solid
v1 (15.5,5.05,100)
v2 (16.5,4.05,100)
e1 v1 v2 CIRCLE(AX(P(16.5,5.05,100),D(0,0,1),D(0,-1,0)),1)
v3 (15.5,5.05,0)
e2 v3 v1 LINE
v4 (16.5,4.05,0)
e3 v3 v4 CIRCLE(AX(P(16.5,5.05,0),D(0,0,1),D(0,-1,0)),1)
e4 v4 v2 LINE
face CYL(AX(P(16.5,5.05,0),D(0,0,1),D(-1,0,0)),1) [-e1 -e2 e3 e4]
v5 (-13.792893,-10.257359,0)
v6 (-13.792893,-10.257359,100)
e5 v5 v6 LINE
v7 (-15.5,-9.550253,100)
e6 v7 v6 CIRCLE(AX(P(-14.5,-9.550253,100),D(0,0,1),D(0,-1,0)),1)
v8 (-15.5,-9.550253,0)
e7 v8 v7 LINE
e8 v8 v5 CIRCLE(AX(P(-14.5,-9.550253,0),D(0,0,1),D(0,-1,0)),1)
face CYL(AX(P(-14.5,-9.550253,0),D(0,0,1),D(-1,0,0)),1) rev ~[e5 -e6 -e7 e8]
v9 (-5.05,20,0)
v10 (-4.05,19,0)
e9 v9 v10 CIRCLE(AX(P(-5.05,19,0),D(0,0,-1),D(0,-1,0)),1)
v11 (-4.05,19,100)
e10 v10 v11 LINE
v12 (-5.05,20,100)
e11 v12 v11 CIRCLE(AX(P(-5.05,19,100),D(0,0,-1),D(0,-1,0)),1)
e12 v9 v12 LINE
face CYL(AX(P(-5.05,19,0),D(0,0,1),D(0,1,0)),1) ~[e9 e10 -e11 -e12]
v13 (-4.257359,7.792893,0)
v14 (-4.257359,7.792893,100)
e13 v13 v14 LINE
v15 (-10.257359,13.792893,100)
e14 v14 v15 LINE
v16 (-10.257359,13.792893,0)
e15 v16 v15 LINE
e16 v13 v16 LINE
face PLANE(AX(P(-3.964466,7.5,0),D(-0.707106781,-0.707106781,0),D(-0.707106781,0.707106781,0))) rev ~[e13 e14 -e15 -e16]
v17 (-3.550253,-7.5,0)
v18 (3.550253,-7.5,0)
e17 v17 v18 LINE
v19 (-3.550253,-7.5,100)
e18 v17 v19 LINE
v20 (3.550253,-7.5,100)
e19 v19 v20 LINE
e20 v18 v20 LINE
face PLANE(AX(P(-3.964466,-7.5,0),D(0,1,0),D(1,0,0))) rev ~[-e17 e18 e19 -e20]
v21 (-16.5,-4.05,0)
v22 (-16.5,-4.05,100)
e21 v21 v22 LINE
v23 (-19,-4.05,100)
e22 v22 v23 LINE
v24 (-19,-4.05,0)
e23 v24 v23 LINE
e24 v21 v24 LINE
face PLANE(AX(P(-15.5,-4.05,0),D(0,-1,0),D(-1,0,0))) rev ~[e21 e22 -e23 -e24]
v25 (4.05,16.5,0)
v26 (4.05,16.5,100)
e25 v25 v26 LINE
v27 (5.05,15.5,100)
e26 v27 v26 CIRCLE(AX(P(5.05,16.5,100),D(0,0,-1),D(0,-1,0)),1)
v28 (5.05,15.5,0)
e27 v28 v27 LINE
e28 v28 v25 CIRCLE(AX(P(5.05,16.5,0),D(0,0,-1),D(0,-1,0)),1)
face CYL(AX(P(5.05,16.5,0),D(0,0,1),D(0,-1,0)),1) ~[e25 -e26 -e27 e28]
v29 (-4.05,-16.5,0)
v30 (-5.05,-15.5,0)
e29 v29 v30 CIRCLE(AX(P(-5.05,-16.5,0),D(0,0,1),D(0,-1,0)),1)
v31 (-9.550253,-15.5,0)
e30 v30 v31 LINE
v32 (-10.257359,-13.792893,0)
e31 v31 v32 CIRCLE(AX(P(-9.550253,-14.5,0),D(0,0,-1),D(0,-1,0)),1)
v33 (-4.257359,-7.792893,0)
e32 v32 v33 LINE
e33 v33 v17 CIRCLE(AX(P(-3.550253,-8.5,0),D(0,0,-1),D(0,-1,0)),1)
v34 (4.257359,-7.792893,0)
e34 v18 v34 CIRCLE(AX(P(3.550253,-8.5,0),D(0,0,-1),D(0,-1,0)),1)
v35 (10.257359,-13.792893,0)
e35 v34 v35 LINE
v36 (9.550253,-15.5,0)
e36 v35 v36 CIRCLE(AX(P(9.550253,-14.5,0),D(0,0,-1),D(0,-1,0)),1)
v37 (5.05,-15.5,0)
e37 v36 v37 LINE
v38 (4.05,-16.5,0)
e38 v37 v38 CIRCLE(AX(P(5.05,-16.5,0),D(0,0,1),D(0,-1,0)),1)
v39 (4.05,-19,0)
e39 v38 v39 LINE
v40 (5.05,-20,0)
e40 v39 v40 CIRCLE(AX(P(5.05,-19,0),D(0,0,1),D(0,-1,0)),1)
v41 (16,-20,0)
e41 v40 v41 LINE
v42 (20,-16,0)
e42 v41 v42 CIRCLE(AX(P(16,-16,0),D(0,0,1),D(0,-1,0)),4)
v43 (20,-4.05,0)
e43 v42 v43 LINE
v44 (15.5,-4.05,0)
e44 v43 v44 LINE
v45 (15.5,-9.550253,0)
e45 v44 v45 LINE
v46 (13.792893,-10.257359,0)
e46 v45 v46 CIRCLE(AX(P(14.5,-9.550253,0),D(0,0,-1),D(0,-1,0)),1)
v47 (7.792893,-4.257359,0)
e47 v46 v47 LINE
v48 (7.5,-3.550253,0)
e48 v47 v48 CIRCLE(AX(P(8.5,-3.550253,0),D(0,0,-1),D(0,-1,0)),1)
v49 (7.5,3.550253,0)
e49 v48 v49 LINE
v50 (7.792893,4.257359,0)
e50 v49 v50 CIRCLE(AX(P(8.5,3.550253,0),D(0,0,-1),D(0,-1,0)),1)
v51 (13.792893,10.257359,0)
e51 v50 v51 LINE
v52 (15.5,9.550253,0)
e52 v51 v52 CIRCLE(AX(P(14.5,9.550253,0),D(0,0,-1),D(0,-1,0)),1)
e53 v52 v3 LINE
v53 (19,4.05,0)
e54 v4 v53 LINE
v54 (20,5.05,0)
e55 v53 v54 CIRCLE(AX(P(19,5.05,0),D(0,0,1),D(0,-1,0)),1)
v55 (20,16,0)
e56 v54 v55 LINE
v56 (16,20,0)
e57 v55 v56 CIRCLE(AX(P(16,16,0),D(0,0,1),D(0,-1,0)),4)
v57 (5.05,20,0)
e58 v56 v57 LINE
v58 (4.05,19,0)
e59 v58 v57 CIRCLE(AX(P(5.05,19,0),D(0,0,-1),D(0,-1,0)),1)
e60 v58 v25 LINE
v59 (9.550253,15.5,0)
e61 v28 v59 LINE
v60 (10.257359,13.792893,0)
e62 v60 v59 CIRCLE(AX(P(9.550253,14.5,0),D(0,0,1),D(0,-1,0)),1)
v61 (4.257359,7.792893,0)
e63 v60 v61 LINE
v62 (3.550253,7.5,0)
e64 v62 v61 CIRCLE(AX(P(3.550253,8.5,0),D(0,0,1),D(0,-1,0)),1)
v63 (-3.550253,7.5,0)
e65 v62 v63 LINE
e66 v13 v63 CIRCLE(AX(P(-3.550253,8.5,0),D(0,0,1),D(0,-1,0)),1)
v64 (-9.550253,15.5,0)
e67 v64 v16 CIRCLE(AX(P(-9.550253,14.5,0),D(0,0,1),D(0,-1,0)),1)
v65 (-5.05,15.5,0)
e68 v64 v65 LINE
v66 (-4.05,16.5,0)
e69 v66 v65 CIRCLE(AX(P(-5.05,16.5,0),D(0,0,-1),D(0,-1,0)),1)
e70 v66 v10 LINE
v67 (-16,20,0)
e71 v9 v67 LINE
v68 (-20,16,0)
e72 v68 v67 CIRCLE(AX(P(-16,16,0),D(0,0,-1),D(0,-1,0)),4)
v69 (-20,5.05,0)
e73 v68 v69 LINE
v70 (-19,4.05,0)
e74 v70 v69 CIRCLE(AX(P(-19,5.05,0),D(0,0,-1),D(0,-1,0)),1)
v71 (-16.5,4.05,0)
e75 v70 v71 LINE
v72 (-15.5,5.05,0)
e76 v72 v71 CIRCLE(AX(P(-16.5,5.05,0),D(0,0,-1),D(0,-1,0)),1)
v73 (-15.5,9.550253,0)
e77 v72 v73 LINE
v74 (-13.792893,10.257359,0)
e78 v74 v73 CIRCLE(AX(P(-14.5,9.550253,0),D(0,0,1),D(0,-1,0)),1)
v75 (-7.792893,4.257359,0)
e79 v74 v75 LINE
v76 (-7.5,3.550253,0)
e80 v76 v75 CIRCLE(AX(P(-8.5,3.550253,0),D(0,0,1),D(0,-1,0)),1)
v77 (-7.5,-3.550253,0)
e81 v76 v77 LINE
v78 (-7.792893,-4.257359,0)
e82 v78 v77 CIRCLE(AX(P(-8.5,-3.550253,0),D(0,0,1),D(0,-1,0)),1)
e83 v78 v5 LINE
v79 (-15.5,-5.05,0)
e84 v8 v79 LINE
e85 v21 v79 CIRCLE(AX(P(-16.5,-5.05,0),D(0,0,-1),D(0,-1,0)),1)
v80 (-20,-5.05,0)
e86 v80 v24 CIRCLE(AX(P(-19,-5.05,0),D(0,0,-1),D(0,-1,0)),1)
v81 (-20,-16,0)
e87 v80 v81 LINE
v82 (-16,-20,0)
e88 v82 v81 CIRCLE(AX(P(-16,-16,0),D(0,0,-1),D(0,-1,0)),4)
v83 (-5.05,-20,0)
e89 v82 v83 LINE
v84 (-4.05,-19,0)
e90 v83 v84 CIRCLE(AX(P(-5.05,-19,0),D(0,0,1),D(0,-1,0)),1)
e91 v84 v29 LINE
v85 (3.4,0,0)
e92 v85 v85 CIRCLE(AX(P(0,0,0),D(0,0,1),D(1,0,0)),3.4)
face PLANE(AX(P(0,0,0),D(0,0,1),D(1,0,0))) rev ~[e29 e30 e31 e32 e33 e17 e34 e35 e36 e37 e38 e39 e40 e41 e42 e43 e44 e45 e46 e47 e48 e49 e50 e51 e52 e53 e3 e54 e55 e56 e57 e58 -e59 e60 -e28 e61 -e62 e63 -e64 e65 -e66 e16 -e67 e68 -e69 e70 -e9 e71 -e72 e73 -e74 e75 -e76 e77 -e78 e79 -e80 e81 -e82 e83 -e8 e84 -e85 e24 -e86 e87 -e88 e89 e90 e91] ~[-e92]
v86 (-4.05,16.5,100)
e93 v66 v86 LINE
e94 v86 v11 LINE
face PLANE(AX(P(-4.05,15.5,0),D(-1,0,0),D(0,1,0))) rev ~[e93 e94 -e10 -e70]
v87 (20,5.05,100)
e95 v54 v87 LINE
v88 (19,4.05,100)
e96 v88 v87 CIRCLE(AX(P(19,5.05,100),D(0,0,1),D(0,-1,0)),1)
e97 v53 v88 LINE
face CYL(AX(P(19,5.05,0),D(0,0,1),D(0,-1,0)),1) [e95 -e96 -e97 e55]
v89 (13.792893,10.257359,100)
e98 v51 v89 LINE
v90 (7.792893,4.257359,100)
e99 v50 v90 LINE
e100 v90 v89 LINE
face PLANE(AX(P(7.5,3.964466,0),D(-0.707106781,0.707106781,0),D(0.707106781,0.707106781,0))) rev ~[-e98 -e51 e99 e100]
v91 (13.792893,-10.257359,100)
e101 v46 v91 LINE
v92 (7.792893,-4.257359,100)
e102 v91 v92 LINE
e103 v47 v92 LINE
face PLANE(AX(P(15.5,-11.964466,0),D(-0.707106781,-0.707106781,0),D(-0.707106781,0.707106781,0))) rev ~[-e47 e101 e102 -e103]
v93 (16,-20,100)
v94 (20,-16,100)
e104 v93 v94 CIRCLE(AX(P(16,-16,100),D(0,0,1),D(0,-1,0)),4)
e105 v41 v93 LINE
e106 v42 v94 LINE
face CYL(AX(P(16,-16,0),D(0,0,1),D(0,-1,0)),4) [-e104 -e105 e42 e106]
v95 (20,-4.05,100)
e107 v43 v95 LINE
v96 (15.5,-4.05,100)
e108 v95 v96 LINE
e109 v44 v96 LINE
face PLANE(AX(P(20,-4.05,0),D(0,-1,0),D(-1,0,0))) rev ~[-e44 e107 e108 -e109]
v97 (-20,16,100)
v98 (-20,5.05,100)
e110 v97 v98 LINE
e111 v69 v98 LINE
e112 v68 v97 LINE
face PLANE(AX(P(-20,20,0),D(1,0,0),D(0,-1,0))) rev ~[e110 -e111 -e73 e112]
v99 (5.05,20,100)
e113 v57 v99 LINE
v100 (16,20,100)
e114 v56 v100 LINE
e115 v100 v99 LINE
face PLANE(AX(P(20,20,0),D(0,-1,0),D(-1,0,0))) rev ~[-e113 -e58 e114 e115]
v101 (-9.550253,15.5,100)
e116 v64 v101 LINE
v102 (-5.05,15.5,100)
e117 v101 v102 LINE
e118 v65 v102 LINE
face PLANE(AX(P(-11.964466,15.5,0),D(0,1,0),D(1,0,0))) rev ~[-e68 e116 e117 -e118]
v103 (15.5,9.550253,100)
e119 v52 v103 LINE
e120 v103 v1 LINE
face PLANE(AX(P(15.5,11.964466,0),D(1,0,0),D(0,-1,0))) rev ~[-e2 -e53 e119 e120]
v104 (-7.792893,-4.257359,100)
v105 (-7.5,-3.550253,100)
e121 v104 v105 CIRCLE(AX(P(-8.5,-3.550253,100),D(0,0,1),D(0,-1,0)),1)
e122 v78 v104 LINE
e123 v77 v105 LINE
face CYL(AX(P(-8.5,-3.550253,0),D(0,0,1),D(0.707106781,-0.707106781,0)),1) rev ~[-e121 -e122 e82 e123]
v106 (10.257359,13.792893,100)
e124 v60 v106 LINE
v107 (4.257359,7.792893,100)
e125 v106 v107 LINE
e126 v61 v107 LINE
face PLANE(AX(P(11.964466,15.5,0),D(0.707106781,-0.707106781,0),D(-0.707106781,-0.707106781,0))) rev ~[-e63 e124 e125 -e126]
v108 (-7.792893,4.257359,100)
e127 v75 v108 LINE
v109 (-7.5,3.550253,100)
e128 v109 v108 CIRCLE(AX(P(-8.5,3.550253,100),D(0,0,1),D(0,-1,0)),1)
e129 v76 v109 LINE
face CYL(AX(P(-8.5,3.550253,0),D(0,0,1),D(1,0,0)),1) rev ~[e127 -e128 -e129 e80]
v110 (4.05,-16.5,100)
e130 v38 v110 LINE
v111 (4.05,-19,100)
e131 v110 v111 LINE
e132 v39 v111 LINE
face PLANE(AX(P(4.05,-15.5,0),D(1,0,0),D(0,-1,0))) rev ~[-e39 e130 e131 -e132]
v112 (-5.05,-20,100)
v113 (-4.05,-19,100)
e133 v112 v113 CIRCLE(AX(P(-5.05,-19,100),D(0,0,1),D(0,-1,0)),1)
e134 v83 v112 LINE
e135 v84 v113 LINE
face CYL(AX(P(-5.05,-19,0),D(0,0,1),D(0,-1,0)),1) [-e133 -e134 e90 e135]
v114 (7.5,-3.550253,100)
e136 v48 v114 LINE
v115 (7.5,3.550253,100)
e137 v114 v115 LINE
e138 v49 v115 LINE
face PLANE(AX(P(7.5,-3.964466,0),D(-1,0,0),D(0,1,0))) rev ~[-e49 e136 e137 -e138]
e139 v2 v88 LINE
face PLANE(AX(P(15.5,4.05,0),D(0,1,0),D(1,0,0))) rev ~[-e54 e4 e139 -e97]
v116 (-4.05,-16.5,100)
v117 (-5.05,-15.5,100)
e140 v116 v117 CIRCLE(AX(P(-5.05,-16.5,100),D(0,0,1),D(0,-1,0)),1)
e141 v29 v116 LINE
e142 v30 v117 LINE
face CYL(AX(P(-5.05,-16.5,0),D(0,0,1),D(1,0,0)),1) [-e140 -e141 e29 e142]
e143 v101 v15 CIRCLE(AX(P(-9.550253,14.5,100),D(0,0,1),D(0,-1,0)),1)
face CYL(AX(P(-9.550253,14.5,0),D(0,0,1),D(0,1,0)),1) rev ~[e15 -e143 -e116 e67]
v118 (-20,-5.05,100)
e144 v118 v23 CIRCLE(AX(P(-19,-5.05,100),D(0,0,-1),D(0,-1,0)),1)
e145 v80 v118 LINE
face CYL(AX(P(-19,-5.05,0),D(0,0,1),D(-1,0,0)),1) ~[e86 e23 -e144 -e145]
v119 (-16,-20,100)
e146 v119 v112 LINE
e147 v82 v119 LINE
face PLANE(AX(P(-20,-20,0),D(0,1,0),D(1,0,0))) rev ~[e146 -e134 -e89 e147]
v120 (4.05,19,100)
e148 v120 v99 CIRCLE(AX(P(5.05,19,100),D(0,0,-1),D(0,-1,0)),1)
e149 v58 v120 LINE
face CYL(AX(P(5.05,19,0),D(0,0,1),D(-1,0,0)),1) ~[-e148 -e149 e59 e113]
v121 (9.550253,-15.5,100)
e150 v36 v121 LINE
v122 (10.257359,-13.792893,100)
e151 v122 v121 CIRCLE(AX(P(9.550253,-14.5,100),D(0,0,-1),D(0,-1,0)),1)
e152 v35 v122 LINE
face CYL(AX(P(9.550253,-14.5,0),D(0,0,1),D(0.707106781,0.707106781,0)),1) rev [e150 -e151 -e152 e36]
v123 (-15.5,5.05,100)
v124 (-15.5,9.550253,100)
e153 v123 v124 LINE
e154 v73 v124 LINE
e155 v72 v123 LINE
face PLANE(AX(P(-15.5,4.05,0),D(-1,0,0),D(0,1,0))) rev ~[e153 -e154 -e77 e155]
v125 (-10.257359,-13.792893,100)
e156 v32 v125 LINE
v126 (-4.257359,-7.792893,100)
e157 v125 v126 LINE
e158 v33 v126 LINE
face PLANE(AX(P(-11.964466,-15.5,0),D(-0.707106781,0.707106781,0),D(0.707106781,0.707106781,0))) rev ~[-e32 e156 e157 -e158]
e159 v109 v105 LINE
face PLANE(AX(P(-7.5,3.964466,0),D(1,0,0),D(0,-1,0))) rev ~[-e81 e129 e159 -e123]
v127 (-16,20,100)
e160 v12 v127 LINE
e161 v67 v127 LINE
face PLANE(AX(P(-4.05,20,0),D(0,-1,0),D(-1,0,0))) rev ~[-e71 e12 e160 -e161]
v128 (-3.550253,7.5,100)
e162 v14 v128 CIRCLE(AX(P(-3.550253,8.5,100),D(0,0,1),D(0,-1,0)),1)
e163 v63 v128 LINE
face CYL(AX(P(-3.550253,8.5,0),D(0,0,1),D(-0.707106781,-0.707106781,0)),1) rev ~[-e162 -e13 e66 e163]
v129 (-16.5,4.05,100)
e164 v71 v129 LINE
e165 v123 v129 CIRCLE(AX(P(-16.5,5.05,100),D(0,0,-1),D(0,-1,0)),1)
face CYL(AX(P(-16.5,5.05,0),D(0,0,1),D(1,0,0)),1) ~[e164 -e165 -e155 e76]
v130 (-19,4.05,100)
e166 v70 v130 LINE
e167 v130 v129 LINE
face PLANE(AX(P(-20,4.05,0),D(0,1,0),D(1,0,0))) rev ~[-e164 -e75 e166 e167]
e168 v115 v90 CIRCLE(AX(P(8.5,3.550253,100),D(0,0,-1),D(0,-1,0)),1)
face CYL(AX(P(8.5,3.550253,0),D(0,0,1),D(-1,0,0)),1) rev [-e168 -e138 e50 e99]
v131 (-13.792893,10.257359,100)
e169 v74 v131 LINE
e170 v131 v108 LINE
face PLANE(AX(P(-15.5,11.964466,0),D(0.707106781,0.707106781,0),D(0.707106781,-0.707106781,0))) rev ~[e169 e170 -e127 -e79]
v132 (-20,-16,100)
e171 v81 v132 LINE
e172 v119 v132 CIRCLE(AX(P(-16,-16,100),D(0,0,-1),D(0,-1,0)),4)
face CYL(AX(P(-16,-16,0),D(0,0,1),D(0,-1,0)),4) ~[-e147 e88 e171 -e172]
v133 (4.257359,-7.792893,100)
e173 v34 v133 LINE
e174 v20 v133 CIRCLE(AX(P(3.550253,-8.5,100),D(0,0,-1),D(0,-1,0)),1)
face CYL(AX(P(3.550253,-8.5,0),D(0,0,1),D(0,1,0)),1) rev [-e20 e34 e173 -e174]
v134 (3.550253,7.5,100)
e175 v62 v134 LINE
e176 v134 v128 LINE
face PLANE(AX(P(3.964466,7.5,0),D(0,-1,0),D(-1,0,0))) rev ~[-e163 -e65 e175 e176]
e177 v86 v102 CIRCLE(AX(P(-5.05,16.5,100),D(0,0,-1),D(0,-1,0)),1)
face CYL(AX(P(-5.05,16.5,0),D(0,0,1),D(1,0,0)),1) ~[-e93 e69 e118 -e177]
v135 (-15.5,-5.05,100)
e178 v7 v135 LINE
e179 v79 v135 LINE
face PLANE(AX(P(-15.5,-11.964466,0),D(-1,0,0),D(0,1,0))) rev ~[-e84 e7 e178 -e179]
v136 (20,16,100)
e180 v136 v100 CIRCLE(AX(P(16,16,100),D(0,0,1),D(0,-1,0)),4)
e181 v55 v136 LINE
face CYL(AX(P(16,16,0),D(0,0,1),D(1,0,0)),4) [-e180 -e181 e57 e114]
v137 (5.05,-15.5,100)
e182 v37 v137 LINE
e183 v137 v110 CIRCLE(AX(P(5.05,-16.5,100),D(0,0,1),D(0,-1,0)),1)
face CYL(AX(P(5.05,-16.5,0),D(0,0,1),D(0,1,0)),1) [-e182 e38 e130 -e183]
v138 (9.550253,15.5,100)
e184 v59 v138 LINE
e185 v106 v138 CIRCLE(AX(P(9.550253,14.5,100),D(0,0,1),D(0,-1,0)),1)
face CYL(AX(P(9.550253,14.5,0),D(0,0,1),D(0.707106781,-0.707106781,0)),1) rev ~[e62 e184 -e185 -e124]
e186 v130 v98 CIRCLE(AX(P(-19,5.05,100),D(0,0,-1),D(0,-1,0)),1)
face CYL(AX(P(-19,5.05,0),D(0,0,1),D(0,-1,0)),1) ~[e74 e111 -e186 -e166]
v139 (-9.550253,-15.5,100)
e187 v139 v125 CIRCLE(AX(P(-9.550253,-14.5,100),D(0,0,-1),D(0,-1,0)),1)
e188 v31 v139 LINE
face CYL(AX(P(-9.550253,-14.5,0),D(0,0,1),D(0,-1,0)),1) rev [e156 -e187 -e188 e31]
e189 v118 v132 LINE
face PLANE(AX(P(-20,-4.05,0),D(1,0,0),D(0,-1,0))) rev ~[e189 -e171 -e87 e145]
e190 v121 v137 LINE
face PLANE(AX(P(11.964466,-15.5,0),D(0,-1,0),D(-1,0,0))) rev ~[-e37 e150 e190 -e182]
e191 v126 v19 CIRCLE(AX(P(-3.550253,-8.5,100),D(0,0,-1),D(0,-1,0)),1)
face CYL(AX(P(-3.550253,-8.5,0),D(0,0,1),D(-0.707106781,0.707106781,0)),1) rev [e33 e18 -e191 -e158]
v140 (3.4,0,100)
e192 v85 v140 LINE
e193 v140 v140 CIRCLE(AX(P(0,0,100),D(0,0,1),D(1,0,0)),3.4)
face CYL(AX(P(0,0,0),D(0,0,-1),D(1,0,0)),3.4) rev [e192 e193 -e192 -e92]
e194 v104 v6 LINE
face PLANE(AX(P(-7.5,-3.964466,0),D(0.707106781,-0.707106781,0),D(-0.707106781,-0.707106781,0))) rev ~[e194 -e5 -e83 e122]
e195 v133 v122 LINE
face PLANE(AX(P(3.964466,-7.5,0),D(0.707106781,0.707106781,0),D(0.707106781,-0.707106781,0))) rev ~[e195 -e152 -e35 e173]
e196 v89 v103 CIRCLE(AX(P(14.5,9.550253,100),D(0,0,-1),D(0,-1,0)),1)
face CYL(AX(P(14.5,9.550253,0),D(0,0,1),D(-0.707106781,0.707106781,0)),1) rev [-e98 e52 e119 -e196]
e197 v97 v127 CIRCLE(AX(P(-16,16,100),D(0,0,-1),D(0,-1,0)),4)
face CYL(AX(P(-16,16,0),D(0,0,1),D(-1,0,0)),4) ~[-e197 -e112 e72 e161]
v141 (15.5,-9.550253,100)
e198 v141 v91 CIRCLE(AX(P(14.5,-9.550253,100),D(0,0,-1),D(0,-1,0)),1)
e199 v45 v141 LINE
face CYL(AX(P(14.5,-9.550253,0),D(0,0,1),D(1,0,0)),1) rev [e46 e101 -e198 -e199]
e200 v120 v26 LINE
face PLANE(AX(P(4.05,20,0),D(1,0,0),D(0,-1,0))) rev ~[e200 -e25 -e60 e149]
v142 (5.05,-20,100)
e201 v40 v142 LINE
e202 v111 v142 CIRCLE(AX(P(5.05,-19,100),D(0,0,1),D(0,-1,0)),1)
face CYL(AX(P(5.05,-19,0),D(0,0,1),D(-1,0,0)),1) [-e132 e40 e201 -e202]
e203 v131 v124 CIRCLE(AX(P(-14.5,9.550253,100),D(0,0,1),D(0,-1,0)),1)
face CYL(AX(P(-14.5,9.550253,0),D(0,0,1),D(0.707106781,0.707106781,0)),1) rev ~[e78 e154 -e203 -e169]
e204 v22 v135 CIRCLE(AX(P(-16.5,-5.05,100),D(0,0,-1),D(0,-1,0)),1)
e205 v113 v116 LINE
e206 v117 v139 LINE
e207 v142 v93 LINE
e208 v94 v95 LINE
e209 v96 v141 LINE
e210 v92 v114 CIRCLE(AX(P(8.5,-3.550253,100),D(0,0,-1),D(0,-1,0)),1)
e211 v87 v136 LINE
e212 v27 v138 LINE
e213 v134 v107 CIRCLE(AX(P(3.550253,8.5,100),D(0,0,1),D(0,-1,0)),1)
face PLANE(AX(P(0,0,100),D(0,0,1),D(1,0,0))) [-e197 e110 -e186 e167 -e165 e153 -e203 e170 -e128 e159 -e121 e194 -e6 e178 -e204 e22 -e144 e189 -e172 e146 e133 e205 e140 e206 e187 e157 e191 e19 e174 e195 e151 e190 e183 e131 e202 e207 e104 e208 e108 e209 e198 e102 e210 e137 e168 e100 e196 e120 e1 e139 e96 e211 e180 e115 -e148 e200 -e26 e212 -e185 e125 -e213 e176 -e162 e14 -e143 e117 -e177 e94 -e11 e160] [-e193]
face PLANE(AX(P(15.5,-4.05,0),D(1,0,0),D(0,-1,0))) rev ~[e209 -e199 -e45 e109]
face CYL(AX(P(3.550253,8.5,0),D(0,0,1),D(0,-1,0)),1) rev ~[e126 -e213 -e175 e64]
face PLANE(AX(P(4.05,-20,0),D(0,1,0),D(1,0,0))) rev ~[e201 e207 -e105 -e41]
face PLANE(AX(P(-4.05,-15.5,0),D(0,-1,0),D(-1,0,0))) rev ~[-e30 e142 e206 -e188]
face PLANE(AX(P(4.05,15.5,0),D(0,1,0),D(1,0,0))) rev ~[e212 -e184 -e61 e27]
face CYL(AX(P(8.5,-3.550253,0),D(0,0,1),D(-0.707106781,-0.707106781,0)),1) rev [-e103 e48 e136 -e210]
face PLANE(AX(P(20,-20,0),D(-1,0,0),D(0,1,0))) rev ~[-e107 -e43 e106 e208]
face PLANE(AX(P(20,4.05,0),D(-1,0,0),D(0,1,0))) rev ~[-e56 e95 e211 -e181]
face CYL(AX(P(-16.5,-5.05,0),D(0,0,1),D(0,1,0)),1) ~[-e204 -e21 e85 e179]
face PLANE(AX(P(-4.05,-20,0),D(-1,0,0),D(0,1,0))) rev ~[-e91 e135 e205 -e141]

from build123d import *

# Parameters (mm, degrees)
SKIZZE1_R                       = 3.4
AUFSATZ_LINEAR_AUSTRAGEN1_DEPTH = 100
VERRUNDUNG1_R                   = 4
VERRUNDUNG2_R                   = 1


with BuildPart() as part:
    # Skizze1 → Aufsatz-Linear austragen1 (new body)
    with BuildSketch(Plane.XY):
        Polygon((-20, -20), (-4.05, -20), (-4.05, -15.5), (-11.964466094, -15.5), (-3.964466094, -7.5), (3.964466094, -7.5), (11.964466094, -15.5), (4.05, -15.5), (4.05, -20), (20, -20), (20, -4.05), (15.5, -4.05), (15.5, -11.964466094), (7.5, -3.964466094), (7.5, 3.964466094), (15.5, 11.964466094), (15.5, 4.05), (20, 4.05), (20, 20), (4.05, 20), (4.05, 15.5), (11.964466094, 15.5), (3.964466094, 7.5), (-3.964466094, 7.5), (-11.964466094, 15.5), (-4.05, 15.5), (-4.05, 20), (-20, 20), (-20, 4.05), (-15.5, 4.05), (-15.5, 11.964466094), (-7.5, 3.964466094), (-7.5, -3.964466094), (-15.5, -11.964466094), (-15.5, -4.05), (-20, -4.05), align=None)
        Circle(SKIZZE1_R, mode=Mode.SUBTRACT)
    extrude(amount=AUFSATZ_LINEAR_AUSTRAGEN1_DEPTH)

    # Verrundung1
    verrundung1_edges = [part.edges().sort_by_distance(p)[0] for p in [
        (20, -20, 50),
        (-20, -20, 50),
        (-20, 20, 50),
        (20, 20, 50),
    ]]
    fillet(verrundung1_edges, radius=VERRUNDUNG1_R)

    # Verrundung2
    verrundung2_edges = [part.edges().sort_by_distance(p)[0] for p in [
        (20, 4.05, 50),
        (15.5, 4.05, 50),
        (15.5, 11.964466094, 50),
        (7.5, 3.964466094, 50),
        (7.5, -3.964466094, 50),
        (15.5, -11.964466094, 50),
        (4.05, -20, 50),
        (4.05, -15.5, 50),
        (11.964466094, -15.5, 50),
        (3.964466094, -7.5, 50),
        (-3.964466094, -7.5, 50),
        (-11.964466094, -15.5, 50),
        (-4.05, -15.5, 50),
        (-4.05, -20, 50),
        (-20, -4.05, 50),
        (-15.5, -4.05, 50),
        (-15.5, -11.964466094, 50),
        (-7.5, -3.964466094, 50),
        (-7.5, 3.964466094, 50),
        (-15.5, 11.964466094, 50),
        (-15.5, 4.05, 50),
        (-20, 4.05, 50),
        (-4.05, 20, 50),
        (-4.05, 15.5, 50),
        (-11.964466094, 15.5, 50),
        (-3.964466094, 7.5, 50),
        (3.964466094, 7.5, 50),
        (11.964466094, 15.5, 50),
        (4.05, 15.5, 50),
        (4.05, 20, 50),
    ]]
    fillet(verrundung2_edges, radius=VERRUNDUNG2_R)


solid = part.part
